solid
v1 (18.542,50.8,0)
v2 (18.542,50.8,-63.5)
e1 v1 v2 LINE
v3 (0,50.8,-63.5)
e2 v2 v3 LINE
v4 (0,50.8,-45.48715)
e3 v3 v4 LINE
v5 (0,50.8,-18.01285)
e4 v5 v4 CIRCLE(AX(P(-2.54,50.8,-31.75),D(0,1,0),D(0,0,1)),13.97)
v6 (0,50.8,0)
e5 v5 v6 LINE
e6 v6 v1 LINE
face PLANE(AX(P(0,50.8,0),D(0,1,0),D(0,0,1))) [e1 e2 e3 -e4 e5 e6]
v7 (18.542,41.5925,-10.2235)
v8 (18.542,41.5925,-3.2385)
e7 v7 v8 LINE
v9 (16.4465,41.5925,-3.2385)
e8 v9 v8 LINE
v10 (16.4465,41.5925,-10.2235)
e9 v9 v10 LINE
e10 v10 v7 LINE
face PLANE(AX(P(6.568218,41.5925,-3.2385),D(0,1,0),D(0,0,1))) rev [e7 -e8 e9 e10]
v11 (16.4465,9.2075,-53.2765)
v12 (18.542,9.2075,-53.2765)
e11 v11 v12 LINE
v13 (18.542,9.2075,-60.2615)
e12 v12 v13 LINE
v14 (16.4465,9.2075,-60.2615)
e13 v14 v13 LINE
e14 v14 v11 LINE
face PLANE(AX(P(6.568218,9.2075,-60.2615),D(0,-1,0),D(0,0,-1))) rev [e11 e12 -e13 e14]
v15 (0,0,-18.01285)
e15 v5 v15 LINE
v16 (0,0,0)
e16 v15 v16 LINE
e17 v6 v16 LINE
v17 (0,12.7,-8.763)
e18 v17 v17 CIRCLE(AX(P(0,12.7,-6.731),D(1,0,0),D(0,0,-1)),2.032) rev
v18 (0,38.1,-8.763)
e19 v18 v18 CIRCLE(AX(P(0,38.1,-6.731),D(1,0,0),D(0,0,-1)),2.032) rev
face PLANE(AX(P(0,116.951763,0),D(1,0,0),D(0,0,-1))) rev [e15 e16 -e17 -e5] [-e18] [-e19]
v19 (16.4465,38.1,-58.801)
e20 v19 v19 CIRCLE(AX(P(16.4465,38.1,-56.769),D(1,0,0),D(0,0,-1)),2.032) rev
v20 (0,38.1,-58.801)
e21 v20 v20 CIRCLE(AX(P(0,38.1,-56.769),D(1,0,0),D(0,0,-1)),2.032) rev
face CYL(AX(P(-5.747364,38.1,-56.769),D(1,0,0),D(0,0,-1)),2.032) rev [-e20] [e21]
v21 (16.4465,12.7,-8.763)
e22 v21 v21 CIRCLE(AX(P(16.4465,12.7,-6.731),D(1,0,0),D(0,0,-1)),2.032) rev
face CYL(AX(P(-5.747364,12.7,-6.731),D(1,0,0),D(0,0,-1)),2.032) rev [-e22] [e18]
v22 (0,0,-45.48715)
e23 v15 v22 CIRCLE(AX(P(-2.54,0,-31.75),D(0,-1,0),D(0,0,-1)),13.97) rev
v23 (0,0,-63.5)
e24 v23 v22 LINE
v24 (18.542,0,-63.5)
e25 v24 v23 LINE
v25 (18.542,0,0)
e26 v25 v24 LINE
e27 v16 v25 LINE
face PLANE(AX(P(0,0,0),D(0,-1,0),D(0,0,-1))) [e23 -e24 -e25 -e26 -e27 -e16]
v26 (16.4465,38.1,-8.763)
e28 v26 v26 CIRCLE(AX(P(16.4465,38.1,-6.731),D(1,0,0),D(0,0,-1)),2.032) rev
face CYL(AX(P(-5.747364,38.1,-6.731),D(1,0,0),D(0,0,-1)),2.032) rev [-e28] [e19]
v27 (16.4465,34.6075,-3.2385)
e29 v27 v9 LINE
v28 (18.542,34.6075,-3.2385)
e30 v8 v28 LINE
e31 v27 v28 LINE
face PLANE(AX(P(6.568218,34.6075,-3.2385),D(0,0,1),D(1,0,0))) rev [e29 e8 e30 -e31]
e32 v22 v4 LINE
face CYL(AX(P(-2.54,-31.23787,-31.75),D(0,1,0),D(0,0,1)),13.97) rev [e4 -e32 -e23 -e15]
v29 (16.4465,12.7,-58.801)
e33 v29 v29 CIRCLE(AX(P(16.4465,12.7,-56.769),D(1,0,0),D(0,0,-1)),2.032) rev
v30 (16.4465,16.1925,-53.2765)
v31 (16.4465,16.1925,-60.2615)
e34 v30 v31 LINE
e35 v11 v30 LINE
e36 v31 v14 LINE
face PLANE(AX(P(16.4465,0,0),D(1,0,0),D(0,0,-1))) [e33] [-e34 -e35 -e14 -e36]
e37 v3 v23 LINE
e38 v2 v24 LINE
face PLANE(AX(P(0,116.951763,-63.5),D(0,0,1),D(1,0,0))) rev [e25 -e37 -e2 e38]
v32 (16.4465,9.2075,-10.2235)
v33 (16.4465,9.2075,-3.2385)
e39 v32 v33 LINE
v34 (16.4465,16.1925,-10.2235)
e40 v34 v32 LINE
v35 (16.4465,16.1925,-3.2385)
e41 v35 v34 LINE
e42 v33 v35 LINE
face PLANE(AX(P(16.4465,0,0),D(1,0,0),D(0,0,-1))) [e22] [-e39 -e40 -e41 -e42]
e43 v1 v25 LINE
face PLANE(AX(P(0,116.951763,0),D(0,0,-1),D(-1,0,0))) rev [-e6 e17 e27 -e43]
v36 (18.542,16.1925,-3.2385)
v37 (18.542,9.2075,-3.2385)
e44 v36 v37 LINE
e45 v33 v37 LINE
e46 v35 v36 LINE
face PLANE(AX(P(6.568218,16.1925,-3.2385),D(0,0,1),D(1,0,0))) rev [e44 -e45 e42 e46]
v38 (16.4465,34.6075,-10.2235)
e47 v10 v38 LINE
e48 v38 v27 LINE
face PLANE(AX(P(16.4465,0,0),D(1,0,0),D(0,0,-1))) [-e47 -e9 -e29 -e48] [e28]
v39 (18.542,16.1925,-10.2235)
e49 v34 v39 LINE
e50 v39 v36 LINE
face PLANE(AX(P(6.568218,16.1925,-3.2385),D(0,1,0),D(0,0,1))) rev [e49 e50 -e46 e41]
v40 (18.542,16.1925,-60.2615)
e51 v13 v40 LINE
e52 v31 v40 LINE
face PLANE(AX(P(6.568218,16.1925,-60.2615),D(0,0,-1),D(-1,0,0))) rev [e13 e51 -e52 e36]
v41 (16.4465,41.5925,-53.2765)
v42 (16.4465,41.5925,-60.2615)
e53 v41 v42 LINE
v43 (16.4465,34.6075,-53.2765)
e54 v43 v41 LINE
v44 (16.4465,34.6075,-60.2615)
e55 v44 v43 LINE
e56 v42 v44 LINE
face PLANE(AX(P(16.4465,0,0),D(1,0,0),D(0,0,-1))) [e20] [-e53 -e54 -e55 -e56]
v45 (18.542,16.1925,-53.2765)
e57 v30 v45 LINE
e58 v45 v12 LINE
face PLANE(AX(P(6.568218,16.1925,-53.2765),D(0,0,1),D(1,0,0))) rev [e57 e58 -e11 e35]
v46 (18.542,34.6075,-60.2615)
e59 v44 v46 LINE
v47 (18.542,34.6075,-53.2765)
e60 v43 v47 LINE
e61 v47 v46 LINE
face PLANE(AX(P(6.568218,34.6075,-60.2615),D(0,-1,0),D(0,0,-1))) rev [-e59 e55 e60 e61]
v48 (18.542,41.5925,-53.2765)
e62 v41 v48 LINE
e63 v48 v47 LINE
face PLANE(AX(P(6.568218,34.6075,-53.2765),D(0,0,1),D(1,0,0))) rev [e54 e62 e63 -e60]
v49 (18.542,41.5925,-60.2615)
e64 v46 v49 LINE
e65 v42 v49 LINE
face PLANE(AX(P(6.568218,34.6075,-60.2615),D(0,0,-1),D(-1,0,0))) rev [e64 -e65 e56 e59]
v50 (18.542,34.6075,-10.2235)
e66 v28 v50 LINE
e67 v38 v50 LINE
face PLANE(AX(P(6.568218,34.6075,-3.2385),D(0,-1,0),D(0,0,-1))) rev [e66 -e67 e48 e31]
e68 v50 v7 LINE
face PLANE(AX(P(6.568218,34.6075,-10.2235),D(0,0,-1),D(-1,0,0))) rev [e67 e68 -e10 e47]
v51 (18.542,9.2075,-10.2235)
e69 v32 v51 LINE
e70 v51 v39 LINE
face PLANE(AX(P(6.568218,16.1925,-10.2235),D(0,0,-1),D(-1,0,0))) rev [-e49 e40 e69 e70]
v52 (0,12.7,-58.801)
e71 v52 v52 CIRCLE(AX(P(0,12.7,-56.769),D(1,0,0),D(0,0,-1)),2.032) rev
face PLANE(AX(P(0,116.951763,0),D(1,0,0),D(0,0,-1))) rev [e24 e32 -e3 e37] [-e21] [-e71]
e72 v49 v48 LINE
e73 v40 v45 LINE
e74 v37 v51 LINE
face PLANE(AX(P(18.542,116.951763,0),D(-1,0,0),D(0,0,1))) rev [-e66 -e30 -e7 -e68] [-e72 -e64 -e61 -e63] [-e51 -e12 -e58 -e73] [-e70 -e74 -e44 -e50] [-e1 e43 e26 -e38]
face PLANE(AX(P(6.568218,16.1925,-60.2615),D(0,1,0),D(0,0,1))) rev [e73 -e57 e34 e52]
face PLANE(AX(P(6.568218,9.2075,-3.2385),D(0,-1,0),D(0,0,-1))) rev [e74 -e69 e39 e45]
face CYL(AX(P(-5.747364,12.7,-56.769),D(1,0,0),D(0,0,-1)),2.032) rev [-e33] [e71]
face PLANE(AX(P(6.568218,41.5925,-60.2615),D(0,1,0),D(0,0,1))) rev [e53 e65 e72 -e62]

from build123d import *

# Parameters (mm, degrees)
SKETCH1_W           = 18.542
SKETCH1_H           = 63.5
BOSS_EXTRUDE1_DEPTH = 50.8
CUT_EXTRUDE1_DEPTH  = 50.8
SKETCH4_R           = 2.032
CUT_EXTRUDE3_DEPTH  = 18.542
CUT_EXTRUDE4_START  = -2.0955
SKETCH6_W           = 6.985
SKETCH6_H           = 6.985
CUT_EXTRUDE4_DEPTH  = 2.0955


with BuildPart() as part:
    # Sketch1 → Boss-Extrude1 (new body)
    with BuildSketch(Plane(origin=(0, 0, 0), x_dir=(1, 0, 0), z_dir=(0, 1, 0))):
        with Locations((9.271, 31.75)):
            Rectangle(SKETCH1_W, SKETCH1_H)
    extrude(amount=BOSS_EXTRUDE1_DEPTH)

    # Sketch2 → Cut-Extrude1 (cut)
    with BuildSketch(Plane(origin=(0, 50.8, 0), x_dir=(1, 0, 0), z_dir=(0, 1, 0))):
        with BuildLine():
            Line((-2.54, 45.72), (-2.54, 17.78))
            ThreePointArc((-2.54, 17.78), (11.43, 31.75), (-2.54, 45.72))
        make_face()
    extrude(amount=-CUT_EXTRUDE1_DEPTH, mode=Mode.SUBTRACT)

    # Sketch4 → Cut-Extrude3 (cut)
    with BuildSketch(Plane(origin=(18.542, 0, 0), x_dir=(0, 0, -1), z_dir=(1, 0, 0))):
        with Locations((56.769, 38.1)):
            Circle(SKETCH4_R)
        with Locations((56.769, 12.7)):
            Circle(SKETCH4_R)
        with Locations((6.731, 38.1)):
            Circle(SKETCH4_R)
        with Locations((6.731, 12.7)):
            Circle(SKETCH4_R)
    extrude(amount=-CUT_EXTRUDE3_DEPTH, mode=Mode.SUBTRACT)

    # Sketch6 → Cut-Extrude4 (cut)
    with BuildSketch(Plane(origin=(18.542, 0, 0), x_dir=(0, 0, -1), z_dir=(1, 0, 0)).offset(CUT_EXTRUDE4_START)):
        with Locations((56.769, 38.1)):
            Rectangle(SKETCH6_W, SKETCH6_H)
        with Locations((56.769, 12.7)):
            Rectangle(SKETCH6_W, SKETCH6_H)
        with Locations((6.731, 38.1)):
            Rectangle(SKETCH6_W, SKETCH6_H)
        with Locations((6.731, 12.7)):
            Rectangle(SKETCH6_W, SKETCH6_H)
    extrude(amount=CUT_EXTRUDE4_DEPTH, mode=Mode.SUBTRACT)


solid = part.part
